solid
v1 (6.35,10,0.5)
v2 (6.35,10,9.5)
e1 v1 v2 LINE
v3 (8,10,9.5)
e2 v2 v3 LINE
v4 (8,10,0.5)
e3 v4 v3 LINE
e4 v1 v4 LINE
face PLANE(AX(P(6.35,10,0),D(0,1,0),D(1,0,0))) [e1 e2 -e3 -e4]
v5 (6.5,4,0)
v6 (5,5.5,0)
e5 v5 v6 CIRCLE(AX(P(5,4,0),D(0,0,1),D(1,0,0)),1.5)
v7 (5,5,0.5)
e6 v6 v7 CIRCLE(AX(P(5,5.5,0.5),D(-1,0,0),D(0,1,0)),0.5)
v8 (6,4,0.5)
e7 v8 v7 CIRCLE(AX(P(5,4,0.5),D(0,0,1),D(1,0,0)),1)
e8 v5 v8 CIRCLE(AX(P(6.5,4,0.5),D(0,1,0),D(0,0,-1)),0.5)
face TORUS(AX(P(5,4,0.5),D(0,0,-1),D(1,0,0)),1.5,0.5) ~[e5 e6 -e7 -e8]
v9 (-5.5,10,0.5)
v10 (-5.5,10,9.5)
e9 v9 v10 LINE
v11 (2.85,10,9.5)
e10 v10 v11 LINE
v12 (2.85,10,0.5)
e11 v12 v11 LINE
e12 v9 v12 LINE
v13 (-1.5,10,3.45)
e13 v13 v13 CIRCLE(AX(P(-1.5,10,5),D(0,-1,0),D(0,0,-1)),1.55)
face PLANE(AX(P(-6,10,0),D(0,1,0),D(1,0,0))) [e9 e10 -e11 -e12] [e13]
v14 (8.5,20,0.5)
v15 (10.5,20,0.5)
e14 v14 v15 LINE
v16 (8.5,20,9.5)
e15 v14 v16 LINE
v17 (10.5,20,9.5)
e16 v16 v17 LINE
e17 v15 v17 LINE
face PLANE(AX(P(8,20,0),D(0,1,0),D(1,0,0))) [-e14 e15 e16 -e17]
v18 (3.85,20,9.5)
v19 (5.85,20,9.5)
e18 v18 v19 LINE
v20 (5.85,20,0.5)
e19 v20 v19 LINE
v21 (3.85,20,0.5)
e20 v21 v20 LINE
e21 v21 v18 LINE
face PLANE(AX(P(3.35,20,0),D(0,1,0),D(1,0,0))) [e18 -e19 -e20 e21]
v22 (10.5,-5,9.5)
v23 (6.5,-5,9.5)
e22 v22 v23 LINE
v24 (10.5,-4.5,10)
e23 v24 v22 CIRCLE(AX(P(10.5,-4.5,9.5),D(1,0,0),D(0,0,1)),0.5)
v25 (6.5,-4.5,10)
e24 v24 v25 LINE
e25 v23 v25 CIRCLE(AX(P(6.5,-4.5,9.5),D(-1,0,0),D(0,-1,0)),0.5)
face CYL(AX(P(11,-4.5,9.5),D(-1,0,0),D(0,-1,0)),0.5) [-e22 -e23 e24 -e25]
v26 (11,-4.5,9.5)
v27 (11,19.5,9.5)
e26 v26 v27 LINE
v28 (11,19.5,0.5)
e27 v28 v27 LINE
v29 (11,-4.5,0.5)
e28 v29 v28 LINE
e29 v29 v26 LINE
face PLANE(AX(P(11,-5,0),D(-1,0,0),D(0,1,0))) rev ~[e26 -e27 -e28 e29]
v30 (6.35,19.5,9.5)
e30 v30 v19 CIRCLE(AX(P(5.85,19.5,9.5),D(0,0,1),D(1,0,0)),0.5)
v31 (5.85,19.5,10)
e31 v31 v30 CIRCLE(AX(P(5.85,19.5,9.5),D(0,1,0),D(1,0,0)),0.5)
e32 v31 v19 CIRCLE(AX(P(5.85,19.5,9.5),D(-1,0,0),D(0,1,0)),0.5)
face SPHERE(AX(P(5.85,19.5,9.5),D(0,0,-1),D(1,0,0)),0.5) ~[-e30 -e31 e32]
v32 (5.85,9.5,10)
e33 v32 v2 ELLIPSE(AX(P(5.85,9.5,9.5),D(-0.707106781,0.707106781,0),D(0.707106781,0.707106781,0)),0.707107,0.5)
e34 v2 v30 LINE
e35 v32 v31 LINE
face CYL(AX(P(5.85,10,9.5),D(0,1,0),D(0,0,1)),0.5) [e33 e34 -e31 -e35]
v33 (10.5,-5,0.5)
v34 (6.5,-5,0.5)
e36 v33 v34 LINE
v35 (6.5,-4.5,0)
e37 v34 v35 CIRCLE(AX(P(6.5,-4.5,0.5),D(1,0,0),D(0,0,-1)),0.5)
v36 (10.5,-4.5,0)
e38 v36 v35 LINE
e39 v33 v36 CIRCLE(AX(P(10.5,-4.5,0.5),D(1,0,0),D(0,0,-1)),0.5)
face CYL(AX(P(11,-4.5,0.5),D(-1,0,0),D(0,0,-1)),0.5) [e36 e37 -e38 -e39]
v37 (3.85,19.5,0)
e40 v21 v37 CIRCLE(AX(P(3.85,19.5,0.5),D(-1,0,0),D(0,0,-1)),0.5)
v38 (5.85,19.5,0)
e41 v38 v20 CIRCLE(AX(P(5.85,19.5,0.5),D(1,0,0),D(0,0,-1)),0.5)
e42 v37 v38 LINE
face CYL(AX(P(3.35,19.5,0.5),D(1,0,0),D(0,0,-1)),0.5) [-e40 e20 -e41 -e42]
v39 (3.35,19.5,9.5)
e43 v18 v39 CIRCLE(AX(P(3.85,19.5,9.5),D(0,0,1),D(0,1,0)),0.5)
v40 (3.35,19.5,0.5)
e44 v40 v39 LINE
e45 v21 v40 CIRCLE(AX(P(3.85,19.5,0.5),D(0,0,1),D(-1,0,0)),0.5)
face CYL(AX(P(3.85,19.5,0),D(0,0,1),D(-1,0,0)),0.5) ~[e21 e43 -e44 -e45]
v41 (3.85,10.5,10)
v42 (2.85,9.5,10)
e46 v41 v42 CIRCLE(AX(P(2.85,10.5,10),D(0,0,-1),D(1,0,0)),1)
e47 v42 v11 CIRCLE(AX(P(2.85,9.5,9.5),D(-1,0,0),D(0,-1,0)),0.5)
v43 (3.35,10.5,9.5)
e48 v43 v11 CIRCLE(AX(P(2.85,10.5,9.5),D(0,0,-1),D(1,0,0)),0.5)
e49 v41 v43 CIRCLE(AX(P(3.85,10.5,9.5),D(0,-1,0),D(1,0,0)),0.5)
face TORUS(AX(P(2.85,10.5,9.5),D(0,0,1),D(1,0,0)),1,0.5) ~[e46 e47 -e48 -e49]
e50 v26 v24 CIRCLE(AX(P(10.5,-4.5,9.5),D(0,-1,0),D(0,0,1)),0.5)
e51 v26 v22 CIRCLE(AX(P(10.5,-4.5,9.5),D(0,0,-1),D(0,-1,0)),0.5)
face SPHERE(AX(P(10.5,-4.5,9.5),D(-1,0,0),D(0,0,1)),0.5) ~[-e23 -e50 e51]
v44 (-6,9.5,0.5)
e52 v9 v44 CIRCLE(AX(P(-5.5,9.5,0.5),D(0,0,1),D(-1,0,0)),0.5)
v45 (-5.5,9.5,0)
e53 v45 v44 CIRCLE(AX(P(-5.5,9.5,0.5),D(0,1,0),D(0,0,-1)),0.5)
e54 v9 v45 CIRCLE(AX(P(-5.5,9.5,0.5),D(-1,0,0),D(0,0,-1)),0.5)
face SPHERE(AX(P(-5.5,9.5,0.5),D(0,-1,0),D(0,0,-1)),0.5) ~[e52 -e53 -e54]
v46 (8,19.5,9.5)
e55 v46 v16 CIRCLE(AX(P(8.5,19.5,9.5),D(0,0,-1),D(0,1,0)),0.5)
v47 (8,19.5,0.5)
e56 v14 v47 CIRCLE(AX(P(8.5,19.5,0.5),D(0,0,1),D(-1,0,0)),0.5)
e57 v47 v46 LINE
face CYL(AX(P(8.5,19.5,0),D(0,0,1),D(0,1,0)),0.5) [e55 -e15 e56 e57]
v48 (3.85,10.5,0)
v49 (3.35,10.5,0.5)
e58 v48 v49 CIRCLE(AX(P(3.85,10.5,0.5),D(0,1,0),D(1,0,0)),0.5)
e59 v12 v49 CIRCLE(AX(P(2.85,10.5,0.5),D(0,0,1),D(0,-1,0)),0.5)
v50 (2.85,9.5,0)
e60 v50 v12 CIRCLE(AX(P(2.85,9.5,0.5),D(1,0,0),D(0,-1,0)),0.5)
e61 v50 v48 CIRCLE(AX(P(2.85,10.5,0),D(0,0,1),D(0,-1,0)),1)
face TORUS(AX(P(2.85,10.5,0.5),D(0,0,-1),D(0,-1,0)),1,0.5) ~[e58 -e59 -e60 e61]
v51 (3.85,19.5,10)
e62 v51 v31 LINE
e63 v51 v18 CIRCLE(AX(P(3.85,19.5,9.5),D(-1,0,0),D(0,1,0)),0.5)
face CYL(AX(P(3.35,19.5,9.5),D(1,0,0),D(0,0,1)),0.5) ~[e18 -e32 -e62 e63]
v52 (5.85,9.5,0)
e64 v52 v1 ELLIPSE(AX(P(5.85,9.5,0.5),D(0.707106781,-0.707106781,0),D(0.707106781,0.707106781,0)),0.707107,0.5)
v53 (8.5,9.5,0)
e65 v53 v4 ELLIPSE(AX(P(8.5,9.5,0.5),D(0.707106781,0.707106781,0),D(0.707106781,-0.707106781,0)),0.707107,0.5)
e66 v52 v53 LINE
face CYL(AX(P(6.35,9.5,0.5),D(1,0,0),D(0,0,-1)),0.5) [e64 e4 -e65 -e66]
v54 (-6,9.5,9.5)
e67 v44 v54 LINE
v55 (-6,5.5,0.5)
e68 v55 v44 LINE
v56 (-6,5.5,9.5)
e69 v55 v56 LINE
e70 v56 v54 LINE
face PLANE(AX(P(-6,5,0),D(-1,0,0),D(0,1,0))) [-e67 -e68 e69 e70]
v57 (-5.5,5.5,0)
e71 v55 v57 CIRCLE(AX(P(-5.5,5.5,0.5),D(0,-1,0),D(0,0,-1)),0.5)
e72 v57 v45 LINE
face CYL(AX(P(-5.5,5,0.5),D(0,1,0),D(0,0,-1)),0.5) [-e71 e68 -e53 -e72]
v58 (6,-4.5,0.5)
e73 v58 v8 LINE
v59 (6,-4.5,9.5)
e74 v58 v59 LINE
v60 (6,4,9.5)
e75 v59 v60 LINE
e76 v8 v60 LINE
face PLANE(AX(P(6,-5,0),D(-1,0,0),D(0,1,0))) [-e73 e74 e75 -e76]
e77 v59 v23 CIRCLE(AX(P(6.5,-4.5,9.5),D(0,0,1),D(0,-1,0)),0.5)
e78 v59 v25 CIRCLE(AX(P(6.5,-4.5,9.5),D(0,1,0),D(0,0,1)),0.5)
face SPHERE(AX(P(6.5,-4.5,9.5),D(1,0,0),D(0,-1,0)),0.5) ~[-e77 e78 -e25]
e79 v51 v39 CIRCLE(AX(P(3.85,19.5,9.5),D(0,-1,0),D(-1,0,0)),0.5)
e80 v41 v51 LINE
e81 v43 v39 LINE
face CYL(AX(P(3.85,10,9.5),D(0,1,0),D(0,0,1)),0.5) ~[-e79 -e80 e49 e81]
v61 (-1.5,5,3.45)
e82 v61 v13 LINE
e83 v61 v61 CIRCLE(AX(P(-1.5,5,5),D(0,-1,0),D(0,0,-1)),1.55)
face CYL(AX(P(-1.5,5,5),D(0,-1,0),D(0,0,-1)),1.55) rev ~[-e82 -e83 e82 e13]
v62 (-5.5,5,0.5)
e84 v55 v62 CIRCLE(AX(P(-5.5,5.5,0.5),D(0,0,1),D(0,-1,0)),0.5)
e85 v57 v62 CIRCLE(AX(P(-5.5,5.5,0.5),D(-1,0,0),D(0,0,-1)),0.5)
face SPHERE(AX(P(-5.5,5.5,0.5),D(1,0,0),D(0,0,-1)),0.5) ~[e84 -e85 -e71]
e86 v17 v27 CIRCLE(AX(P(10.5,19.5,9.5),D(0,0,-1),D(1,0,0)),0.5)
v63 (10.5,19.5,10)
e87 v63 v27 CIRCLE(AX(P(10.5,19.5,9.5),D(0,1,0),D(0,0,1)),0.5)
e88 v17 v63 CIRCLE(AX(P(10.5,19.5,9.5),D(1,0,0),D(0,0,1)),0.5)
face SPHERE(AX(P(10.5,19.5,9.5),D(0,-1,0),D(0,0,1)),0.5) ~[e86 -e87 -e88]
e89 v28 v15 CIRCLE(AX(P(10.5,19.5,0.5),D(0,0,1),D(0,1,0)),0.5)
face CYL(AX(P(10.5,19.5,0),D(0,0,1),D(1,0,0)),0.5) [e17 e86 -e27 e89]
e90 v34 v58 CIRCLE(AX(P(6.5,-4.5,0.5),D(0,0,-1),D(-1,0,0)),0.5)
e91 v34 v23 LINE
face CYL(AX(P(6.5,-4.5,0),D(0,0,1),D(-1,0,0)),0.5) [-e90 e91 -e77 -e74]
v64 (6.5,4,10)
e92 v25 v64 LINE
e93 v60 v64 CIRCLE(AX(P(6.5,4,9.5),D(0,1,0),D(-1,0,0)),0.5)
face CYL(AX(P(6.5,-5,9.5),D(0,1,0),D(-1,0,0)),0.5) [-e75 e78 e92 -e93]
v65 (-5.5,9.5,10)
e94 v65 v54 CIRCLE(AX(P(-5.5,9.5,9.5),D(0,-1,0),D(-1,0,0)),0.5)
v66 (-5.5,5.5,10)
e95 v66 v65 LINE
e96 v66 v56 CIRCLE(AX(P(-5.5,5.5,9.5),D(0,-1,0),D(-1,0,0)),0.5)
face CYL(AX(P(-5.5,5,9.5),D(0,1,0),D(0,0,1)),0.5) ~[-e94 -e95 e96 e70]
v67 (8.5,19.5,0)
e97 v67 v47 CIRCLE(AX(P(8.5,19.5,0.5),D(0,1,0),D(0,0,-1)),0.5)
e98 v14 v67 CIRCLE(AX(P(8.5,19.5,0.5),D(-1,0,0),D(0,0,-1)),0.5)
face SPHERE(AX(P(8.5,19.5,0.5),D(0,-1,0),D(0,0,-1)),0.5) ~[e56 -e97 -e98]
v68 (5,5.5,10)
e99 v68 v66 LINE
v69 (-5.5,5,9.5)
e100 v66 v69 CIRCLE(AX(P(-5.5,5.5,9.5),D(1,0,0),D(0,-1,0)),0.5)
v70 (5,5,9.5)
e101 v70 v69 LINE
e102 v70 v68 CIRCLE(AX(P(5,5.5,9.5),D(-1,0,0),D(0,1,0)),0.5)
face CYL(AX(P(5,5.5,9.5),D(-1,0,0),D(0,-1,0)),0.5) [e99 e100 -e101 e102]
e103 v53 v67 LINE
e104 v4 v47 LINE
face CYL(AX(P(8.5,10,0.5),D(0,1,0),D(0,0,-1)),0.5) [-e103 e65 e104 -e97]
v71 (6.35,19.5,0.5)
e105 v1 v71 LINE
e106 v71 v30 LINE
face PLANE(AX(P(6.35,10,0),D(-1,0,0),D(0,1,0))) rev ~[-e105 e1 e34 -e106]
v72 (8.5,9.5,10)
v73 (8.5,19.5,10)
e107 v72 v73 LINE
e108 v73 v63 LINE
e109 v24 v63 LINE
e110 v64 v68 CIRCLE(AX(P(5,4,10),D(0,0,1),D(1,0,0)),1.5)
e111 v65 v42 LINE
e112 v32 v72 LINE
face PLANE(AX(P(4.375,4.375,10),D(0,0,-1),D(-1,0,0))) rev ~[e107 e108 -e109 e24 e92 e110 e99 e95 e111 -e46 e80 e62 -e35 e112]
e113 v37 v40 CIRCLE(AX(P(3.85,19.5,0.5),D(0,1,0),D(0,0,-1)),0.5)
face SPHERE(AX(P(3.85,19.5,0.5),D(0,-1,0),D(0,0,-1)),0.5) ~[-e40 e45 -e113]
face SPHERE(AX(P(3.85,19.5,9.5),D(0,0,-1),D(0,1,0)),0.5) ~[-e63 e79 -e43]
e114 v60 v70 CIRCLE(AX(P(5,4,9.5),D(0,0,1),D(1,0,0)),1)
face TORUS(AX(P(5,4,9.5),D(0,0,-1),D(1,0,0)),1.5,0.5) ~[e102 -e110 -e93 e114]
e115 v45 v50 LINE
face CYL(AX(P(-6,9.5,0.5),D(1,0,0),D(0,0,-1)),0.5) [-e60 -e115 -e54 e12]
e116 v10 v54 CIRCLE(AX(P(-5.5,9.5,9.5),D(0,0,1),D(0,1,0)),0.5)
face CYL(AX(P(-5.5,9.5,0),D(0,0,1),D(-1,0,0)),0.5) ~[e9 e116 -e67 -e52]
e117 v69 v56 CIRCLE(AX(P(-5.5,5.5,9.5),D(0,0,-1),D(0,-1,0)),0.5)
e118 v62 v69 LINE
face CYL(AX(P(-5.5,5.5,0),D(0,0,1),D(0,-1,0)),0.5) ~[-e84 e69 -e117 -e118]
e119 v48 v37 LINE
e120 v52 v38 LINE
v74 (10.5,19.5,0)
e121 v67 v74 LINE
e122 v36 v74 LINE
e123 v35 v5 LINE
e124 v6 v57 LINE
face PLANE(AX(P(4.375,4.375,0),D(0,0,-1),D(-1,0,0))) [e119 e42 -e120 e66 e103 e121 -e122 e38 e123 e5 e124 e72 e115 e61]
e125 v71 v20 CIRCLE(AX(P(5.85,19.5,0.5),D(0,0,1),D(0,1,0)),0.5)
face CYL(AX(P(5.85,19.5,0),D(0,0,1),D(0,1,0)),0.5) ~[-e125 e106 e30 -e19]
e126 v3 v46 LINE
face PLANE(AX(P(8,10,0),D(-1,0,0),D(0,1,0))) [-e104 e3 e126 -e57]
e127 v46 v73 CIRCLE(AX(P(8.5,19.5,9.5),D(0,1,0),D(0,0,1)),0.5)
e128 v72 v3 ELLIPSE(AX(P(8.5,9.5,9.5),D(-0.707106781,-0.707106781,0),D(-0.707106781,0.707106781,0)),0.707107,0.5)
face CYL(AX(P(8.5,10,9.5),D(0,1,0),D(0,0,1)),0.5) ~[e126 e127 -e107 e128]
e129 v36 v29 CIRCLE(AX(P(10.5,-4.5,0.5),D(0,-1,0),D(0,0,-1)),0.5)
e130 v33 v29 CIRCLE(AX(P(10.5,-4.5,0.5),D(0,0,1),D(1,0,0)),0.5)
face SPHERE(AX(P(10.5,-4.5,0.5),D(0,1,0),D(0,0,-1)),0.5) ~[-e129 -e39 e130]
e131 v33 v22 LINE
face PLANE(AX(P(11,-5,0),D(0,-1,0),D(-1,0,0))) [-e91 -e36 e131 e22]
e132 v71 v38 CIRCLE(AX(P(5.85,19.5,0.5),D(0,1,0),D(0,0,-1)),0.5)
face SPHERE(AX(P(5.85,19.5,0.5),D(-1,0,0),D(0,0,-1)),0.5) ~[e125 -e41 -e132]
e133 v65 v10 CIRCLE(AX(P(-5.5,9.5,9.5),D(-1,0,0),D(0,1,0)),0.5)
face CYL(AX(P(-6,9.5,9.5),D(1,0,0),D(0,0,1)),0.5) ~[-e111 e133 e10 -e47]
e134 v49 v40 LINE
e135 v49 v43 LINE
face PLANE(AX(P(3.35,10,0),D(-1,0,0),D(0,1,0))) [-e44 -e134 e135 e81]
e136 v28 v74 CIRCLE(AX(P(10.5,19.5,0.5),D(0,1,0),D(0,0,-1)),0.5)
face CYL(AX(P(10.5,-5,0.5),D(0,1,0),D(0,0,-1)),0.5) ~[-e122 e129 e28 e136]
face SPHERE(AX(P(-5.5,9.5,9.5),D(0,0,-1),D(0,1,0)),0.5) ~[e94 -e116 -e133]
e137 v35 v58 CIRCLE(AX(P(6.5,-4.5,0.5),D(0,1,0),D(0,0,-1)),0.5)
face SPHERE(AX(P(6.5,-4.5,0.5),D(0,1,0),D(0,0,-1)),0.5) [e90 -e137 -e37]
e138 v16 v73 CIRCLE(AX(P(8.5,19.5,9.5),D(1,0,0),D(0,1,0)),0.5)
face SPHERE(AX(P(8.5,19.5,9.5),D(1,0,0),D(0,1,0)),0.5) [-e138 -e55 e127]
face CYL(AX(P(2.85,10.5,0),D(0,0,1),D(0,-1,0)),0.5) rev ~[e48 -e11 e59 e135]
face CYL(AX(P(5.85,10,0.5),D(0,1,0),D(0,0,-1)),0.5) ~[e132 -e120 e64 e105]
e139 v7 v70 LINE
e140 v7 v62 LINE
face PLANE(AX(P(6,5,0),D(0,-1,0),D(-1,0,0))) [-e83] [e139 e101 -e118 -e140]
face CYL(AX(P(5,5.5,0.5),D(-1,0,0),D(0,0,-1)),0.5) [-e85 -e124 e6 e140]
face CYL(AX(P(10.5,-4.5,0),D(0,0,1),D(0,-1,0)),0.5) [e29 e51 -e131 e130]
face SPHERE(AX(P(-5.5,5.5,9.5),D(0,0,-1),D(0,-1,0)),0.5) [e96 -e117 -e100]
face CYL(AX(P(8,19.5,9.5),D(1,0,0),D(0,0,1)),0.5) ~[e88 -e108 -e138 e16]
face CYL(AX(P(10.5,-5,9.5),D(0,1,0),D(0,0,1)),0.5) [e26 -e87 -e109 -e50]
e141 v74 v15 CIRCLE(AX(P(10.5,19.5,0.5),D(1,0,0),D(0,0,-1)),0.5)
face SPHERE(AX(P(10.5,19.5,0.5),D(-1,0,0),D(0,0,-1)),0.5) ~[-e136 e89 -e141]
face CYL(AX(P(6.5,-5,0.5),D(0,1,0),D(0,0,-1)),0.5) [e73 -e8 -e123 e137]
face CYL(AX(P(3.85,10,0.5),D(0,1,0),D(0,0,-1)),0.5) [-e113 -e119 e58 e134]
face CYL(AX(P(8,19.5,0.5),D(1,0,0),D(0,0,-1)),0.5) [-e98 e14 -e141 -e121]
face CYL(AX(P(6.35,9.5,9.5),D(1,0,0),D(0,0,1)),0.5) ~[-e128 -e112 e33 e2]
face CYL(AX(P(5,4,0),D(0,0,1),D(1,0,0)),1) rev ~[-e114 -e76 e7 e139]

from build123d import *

# Parameters (mm, degrees)
SKETCH1_W           = 3
SKETCH1_H           = 10
BOSS_EXTRUDE1_DEPTH = 10
SKETCH3_R           = 1.55
CUT_EXTRUDE1_DEPTH  = 10
FILLET1_R           = 1
FILLET2_R           = 0.5


with BuildPart() as part:
    # Sketch1 → Boss-Extrude1 (new body)
    with BuildSketch(Plane.XY):
        Polygon((6, -5), (6, 5), (-6, 5), (-6, 10), (11, 10), (11, -5), align=None)
        with Locations((4.85, 15)):
            Rectangle(SKETCH1_W, SKETCH1_H)
        with Locations((9.5, 15)):
            Rectangle(SKETCH1_W, SKETCH1_H)
    extrude(amount=BOSS_EXTRUDE1_DEPTH)

    # Sketch3 → Cut-Extrude1 (cut)
    with BuildSketch(Plane.XZ.offset(-5)):
        with Locations(Location((-1.5, 5, 0), (0, 0, 270))):
            Circle(SKETCH3_R)
    extrude(amount=-CUT_EXTRUDE1_DEPTH, mode=Mode.SUBTRACT)

    # Fillet1
    fillet1_edges = [part.edges().sort_by_distance(p)[0] for p in [
        (6, 5, 5),
    ]]
    fillet(fillet1_edges, radius=FILLET1_R)

    # Fillet2
    fillet2_edges = [part.edges().sort_by_distance(p)[0] for p in [
        (8.5, -5, 10),
        (-0.5, 5, 0),
        (-6, 7.5, 0),
        (11, 7.5, 10),
        (-1.325, 10, 0),
        (3.35, 15, 0),
        (4.85, 20, 0),
        (6.35, 15, 0),
        (7.175, 10, 0),
        (8, 15, 0),
        (9.5, 20, 0),
        (11, 7.5, 0),
        (8.5, -5, 0),
        (6, -0.5, 0),
        (9.5, 20, 10),
        (-6, 5, 5),
        (-6, 10, 5),
        (3.35, 10, 5),
        (3.35, 20, 5),
        (6.35, 20, 5),
        (8, 20, 5),
        (11, 20, 5),
        (11, -5, 5),
        (6, -5, 5),
        (8, 15, 10),
        (7.175, 10, 10),
        (6.35, 15, 10),
        (4.85, 20, 10),
        (5.707106781, 4.707106781, 0),
        (5.707106781, 4.707106781, 10),
        (3.35, 15, 10),
        (6, -0.5, 10),
        (-1.325, 10, 10),
        (-6, 7.5, 10),
        (-0.5, 5, 10),
    ]]
    fillet(fillet2_edges, radius=FILLET2_R)


solid = part.part
